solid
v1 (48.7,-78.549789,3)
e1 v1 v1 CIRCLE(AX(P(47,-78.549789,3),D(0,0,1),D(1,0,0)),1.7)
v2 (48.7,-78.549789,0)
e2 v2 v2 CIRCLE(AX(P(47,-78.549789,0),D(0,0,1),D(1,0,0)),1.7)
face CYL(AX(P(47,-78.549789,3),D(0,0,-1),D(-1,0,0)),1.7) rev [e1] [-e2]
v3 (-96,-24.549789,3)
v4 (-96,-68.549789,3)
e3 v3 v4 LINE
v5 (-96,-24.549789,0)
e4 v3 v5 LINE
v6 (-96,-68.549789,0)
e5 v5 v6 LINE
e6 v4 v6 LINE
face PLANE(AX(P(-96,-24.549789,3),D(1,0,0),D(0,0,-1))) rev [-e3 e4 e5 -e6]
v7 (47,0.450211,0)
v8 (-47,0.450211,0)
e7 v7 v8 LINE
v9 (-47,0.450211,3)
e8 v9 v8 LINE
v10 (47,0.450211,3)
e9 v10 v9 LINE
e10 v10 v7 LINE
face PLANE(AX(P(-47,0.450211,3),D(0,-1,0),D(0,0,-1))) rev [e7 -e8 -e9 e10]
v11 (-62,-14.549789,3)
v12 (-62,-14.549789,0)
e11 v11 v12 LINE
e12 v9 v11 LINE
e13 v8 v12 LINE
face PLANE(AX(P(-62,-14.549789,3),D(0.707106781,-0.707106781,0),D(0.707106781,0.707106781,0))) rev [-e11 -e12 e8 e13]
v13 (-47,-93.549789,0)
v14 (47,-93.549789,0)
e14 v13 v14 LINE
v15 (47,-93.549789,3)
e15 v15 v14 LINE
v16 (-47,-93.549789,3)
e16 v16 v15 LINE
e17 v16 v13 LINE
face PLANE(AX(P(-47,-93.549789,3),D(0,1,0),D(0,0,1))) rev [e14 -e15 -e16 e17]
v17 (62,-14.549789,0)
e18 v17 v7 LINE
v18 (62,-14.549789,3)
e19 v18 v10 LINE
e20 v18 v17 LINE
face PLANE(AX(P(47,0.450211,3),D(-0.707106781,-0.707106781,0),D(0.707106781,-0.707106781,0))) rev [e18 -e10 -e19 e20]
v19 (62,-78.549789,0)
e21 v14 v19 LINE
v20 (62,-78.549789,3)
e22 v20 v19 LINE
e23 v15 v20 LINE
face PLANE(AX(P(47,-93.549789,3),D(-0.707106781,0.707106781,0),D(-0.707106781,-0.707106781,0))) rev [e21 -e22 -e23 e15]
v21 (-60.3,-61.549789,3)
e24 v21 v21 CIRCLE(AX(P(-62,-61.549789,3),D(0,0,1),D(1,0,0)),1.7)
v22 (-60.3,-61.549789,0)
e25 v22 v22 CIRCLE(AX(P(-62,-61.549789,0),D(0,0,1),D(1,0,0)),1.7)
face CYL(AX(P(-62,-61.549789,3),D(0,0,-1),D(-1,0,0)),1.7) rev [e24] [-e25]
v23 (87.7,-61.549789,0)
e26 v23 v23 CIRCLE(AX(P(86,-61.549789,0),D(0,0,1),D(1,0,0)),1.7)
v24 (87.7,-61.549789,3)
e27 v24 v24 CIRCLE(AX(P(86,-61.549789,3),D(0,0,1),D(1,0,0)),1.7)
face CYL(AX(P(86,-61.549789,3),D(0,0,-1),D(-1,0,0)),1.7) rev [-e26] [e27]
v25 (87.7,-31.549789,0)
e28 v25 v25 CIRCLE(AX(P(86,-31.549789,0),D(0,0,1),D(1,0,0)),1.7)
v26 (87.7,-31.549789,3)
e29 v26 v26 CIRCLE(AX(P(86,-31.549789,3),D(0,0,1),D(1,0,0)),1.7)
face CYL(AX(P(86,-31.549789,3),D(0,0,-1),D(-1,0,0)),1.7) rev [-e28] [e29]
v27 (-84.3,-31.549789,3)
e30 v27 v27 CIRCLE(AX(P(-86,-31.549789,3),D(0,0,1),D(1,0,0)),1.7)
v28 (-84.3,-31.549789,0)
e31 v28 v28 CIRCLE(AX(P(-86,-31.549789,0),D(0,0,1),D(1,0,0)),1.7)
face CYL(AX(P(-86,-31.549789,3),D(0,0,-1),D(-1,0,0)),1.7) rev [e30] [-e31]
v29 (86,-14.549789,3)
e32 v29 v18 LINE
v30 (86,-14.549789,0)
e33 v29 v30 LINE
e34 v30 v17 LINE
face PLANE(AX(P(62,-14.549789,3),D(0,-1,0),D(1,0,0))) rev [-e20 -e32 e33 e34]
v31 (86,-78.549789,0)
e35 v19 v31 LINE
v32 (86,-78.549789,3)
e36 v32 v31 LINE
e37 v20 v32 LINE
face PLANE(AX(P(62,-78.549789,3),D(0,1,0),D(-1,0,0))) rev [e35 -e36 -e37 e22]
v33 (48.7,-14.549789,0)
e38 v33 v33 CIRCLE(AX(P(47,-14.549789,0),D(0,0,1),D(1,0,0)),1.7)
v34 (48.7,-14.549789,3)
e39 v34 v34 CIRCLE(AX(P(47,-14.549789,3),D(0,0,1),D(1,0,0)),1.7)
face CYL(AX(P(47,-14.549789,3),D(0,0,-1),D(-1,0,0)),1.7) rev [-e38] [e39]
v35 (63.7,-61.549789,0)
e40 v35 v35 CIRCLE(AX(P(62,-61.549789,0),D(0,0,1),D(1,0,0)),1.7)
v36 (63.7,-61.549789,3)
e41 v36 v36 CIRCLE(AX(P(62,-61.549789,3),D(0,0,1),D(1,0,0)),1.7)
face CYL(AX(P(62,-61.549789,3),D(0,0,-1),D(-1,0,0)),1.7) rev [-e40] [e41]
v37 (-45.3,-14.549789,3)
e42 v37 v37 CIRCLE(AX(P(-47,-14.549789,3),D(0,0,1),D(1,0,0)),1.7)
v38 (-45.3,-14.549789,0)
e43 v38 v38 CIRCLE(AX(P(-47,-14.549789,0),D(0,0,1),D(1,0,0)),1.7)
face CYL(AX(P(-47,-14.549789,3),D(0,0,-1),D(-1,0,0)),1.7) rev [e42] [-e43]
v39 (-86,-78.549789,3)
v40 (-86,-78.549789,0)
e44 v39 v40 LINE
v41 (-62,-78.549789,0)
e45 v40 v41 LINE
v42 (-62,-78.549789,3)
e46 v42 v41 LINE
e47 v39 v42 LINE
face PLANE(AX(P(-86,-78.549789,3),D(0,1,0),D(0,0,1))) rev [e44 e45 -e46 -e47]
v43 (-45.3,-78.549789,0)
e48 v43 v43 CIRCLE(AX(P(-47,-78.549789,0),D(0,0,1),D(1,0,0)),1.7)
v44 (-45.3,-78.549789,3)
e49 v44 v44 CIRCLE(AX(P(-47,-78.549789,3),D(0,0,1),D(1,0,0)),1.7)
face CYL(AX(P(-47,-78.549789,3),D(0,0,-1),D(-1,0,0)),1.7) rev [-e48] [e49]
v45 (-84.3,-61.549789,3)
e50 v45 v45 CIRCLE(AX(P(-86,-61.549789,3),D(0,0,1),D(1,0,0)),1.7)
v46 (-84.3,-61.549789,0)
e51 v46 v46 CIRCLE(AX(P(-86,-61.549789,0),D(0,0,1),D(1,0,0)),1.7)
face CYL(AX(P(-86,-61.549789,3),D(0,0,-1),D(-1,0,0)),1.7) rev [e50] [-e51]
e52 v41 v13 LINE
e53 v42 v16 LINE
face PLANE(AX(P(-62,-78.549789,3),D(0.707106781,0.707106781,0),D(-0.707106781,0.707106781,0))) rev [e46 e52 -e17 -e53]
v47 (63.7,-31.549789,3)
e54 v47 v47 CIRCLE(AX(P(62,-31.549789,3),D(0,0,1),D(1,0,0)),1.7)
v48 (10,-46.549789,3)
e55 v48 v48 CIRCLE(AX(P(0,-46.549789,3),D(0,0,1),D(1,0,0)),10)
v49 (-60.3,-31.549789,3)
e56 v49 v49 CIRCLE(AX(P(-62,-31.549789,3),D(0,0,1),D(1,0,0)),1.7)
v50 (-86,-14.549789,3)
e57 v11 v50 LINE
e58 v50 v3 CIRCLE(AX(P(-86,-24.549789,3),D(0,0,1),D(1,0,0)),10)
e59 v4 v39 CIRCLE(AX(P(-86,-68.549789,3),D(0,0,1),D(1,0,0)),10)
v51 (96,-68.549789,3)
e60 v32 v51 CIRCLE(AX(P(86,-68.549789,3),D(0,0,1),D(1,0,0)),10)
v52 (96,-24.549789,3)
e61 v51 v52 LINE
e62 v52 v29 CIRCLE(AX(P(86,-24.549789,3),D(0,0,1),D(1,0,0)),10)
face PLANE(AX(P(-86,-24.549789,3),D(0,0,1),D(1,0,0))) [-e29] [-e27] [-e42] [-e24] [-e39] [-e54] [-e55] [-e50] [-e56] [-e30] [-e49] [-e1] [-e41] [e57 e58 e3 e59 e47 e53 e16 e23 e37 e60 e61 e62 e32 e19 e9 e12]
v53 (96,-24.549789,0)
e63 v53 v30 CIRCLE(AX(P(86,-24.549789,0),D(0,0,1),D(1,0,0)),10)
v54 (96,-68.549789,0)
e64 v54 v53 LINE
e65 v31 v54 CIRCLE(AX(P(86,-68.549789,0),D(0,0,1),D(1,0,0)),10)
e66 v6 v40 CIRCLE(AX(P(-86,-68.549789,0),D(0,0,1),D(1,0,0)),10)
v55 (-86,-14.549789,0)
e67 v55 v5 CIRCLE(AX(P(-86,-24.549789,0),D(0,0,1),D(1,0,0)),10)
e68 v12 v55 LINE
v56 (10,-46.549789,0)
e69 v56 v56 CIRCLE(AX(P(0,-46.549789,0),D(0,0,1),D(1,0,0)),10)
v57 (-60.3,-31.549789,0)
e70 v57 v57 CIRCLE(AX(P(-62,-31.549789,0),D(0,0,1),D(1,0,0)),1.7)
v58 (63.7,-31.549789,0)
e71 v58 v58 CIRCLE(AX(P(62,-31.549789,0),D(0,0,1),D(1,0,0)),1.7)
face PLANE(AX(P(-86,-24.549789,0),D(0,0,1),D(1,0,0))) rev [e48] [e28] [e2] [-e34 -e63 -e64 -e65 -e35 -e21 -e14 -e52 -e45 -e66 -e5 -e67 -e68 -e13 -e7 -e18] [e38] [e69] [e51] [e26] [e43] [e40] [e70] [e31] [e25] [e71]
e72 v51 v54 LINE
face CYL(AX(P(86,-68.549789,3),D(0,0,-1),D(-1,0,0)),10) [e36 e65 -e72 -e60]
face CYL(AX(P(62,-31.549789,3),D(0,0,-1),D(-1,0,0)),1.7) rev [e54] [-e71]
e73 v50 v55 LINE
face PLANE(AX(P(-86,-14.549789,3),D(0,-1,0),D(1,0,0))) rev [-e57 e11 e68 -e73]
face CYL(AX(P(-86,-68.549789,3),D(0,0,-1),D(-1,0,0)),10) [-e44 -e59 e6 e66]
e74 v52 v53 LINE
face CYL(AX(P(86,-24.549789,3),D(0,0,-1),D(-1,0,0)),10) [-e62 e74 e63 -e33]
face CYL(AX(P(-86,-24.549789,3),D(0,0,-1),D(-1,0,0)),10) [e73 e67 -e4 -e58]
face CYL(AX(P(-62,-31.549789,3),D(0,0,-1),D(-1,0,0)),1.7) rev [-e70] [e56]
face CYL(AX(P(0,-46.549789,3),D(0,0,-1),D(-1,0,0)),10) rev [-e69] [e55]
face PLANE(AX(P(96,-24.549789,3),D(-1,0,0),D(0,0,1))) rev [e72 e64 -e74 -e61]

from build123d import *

# Parameters (mm, degrees)
SKETCH2_R           = 1.699999998
SKETCH2_R_2         = 1.699999999
SKETCH2_R_3         = 10
SKETCH2_R_4         = 1.7
BOSS_EXTRUDE4_DEPTH = 3


with BuildPart() as part:
    # Sketch2 → Boss-Extrude4 (new body)
    with BuildSketch(Plane.XY):
        with BuildLine():
            Line((-62, -14.549788982), (-47, 0.450211018))
            Line((-47, 0.450211018), (47, 0.450211018))
            Line((47, 0.450211018), (62, -14.549788982))
            Line((62, -14.549788982), (86, -14.549788982))
            ThreePointArc((86, -14.549788982), (93.071067812, -17.47872117), (96, -24.549788982))
            Line((96, -24.549788982), (96, -68.549788982))
            ThreePointArc((96, -68.549788982), (93.071067812, -75.620856793), (86, -78.549788982))
            Line((86, -78.549788982), (62, -78.549788982))
            Line((62, -78.549788982), (47, -93.549788982))
            Line((47, -93.549788982), (-47, -93.549788982))
            Line((-47, -93.549788982), (-62, -78.549788982))
            Line((-62, -78.549788982), (-86, -78.549788982))
            ThreePointArc((-86, -78.549788982), (-93.071067812, -75.620856793), (-96, -68.549788982))
            Line((-96, -68.549788982), (-96, -24.549788982))
            ThreePointArc((-96, -24.549788982), (-93.071067812, -17.47872117), (-86, -14.549788982))
            Line((-86, -14.549788982), (-62, -14.549788982))
        make_face()
        with Locations((-62, -31.549788982)):
            Circle(SKETCH2_R, mode=Mode.SUBTRACT)
        with Locations((-86, -31.549788982)):
            Circle(SKETCH2_R, mode=Mode.SUBTRACT)
        with Locations((-86, -61.549788982)):
            Circle(SKETCH2_R, mode=Mode.SUBTRACT)
        with Locations((-62, -61.549788982)):
            Circle(SKETCH2_R, mode=Mode.SUBTRACT)
        with Locations((86, -61.549788982)):
            Circle(SKETCH2_R_2, mode=Mode.SUBTRACT)
        with Locations((62, -61.549788982)):
            Circle(SKETCH2_R_2, mode=Mode.SUBTRACT)
        with Locations((86, -31.549788982)):
            Circle(SKETCH2_R_2, mode=Mode.SUBTRACT)
        with Locations((62, -31.549788982)):
            Circle(SKETCH2_R_2, mode=Mode.SUBTRACT)
        with Locations((0, -46.549788982)):
            Circle(SKETCH2_R_3, mode=Mode.SUBTRACT)
        with Locations((-47, -14.549788982)):
            Circle(SKETCH2_R_4, mode=Mode.SUBTRACT)
        with Locations((-47, -78.549788982)):
            Circle(SKETCH2_R_4, mode=Mode.SUBTRACT)
        with Locations((47, -78.549788982)):
            Circle(SKETCH2_R_4, mode=Mode.SUBTRACT)
        with Locations((47, -14.549788982)):
            Circle(SKETCH2_R_4, mode=Mode.SUBTRACT)
    extrude(amount=BOSS_EXTRUDE4_DEPTH)


solid = part.part
